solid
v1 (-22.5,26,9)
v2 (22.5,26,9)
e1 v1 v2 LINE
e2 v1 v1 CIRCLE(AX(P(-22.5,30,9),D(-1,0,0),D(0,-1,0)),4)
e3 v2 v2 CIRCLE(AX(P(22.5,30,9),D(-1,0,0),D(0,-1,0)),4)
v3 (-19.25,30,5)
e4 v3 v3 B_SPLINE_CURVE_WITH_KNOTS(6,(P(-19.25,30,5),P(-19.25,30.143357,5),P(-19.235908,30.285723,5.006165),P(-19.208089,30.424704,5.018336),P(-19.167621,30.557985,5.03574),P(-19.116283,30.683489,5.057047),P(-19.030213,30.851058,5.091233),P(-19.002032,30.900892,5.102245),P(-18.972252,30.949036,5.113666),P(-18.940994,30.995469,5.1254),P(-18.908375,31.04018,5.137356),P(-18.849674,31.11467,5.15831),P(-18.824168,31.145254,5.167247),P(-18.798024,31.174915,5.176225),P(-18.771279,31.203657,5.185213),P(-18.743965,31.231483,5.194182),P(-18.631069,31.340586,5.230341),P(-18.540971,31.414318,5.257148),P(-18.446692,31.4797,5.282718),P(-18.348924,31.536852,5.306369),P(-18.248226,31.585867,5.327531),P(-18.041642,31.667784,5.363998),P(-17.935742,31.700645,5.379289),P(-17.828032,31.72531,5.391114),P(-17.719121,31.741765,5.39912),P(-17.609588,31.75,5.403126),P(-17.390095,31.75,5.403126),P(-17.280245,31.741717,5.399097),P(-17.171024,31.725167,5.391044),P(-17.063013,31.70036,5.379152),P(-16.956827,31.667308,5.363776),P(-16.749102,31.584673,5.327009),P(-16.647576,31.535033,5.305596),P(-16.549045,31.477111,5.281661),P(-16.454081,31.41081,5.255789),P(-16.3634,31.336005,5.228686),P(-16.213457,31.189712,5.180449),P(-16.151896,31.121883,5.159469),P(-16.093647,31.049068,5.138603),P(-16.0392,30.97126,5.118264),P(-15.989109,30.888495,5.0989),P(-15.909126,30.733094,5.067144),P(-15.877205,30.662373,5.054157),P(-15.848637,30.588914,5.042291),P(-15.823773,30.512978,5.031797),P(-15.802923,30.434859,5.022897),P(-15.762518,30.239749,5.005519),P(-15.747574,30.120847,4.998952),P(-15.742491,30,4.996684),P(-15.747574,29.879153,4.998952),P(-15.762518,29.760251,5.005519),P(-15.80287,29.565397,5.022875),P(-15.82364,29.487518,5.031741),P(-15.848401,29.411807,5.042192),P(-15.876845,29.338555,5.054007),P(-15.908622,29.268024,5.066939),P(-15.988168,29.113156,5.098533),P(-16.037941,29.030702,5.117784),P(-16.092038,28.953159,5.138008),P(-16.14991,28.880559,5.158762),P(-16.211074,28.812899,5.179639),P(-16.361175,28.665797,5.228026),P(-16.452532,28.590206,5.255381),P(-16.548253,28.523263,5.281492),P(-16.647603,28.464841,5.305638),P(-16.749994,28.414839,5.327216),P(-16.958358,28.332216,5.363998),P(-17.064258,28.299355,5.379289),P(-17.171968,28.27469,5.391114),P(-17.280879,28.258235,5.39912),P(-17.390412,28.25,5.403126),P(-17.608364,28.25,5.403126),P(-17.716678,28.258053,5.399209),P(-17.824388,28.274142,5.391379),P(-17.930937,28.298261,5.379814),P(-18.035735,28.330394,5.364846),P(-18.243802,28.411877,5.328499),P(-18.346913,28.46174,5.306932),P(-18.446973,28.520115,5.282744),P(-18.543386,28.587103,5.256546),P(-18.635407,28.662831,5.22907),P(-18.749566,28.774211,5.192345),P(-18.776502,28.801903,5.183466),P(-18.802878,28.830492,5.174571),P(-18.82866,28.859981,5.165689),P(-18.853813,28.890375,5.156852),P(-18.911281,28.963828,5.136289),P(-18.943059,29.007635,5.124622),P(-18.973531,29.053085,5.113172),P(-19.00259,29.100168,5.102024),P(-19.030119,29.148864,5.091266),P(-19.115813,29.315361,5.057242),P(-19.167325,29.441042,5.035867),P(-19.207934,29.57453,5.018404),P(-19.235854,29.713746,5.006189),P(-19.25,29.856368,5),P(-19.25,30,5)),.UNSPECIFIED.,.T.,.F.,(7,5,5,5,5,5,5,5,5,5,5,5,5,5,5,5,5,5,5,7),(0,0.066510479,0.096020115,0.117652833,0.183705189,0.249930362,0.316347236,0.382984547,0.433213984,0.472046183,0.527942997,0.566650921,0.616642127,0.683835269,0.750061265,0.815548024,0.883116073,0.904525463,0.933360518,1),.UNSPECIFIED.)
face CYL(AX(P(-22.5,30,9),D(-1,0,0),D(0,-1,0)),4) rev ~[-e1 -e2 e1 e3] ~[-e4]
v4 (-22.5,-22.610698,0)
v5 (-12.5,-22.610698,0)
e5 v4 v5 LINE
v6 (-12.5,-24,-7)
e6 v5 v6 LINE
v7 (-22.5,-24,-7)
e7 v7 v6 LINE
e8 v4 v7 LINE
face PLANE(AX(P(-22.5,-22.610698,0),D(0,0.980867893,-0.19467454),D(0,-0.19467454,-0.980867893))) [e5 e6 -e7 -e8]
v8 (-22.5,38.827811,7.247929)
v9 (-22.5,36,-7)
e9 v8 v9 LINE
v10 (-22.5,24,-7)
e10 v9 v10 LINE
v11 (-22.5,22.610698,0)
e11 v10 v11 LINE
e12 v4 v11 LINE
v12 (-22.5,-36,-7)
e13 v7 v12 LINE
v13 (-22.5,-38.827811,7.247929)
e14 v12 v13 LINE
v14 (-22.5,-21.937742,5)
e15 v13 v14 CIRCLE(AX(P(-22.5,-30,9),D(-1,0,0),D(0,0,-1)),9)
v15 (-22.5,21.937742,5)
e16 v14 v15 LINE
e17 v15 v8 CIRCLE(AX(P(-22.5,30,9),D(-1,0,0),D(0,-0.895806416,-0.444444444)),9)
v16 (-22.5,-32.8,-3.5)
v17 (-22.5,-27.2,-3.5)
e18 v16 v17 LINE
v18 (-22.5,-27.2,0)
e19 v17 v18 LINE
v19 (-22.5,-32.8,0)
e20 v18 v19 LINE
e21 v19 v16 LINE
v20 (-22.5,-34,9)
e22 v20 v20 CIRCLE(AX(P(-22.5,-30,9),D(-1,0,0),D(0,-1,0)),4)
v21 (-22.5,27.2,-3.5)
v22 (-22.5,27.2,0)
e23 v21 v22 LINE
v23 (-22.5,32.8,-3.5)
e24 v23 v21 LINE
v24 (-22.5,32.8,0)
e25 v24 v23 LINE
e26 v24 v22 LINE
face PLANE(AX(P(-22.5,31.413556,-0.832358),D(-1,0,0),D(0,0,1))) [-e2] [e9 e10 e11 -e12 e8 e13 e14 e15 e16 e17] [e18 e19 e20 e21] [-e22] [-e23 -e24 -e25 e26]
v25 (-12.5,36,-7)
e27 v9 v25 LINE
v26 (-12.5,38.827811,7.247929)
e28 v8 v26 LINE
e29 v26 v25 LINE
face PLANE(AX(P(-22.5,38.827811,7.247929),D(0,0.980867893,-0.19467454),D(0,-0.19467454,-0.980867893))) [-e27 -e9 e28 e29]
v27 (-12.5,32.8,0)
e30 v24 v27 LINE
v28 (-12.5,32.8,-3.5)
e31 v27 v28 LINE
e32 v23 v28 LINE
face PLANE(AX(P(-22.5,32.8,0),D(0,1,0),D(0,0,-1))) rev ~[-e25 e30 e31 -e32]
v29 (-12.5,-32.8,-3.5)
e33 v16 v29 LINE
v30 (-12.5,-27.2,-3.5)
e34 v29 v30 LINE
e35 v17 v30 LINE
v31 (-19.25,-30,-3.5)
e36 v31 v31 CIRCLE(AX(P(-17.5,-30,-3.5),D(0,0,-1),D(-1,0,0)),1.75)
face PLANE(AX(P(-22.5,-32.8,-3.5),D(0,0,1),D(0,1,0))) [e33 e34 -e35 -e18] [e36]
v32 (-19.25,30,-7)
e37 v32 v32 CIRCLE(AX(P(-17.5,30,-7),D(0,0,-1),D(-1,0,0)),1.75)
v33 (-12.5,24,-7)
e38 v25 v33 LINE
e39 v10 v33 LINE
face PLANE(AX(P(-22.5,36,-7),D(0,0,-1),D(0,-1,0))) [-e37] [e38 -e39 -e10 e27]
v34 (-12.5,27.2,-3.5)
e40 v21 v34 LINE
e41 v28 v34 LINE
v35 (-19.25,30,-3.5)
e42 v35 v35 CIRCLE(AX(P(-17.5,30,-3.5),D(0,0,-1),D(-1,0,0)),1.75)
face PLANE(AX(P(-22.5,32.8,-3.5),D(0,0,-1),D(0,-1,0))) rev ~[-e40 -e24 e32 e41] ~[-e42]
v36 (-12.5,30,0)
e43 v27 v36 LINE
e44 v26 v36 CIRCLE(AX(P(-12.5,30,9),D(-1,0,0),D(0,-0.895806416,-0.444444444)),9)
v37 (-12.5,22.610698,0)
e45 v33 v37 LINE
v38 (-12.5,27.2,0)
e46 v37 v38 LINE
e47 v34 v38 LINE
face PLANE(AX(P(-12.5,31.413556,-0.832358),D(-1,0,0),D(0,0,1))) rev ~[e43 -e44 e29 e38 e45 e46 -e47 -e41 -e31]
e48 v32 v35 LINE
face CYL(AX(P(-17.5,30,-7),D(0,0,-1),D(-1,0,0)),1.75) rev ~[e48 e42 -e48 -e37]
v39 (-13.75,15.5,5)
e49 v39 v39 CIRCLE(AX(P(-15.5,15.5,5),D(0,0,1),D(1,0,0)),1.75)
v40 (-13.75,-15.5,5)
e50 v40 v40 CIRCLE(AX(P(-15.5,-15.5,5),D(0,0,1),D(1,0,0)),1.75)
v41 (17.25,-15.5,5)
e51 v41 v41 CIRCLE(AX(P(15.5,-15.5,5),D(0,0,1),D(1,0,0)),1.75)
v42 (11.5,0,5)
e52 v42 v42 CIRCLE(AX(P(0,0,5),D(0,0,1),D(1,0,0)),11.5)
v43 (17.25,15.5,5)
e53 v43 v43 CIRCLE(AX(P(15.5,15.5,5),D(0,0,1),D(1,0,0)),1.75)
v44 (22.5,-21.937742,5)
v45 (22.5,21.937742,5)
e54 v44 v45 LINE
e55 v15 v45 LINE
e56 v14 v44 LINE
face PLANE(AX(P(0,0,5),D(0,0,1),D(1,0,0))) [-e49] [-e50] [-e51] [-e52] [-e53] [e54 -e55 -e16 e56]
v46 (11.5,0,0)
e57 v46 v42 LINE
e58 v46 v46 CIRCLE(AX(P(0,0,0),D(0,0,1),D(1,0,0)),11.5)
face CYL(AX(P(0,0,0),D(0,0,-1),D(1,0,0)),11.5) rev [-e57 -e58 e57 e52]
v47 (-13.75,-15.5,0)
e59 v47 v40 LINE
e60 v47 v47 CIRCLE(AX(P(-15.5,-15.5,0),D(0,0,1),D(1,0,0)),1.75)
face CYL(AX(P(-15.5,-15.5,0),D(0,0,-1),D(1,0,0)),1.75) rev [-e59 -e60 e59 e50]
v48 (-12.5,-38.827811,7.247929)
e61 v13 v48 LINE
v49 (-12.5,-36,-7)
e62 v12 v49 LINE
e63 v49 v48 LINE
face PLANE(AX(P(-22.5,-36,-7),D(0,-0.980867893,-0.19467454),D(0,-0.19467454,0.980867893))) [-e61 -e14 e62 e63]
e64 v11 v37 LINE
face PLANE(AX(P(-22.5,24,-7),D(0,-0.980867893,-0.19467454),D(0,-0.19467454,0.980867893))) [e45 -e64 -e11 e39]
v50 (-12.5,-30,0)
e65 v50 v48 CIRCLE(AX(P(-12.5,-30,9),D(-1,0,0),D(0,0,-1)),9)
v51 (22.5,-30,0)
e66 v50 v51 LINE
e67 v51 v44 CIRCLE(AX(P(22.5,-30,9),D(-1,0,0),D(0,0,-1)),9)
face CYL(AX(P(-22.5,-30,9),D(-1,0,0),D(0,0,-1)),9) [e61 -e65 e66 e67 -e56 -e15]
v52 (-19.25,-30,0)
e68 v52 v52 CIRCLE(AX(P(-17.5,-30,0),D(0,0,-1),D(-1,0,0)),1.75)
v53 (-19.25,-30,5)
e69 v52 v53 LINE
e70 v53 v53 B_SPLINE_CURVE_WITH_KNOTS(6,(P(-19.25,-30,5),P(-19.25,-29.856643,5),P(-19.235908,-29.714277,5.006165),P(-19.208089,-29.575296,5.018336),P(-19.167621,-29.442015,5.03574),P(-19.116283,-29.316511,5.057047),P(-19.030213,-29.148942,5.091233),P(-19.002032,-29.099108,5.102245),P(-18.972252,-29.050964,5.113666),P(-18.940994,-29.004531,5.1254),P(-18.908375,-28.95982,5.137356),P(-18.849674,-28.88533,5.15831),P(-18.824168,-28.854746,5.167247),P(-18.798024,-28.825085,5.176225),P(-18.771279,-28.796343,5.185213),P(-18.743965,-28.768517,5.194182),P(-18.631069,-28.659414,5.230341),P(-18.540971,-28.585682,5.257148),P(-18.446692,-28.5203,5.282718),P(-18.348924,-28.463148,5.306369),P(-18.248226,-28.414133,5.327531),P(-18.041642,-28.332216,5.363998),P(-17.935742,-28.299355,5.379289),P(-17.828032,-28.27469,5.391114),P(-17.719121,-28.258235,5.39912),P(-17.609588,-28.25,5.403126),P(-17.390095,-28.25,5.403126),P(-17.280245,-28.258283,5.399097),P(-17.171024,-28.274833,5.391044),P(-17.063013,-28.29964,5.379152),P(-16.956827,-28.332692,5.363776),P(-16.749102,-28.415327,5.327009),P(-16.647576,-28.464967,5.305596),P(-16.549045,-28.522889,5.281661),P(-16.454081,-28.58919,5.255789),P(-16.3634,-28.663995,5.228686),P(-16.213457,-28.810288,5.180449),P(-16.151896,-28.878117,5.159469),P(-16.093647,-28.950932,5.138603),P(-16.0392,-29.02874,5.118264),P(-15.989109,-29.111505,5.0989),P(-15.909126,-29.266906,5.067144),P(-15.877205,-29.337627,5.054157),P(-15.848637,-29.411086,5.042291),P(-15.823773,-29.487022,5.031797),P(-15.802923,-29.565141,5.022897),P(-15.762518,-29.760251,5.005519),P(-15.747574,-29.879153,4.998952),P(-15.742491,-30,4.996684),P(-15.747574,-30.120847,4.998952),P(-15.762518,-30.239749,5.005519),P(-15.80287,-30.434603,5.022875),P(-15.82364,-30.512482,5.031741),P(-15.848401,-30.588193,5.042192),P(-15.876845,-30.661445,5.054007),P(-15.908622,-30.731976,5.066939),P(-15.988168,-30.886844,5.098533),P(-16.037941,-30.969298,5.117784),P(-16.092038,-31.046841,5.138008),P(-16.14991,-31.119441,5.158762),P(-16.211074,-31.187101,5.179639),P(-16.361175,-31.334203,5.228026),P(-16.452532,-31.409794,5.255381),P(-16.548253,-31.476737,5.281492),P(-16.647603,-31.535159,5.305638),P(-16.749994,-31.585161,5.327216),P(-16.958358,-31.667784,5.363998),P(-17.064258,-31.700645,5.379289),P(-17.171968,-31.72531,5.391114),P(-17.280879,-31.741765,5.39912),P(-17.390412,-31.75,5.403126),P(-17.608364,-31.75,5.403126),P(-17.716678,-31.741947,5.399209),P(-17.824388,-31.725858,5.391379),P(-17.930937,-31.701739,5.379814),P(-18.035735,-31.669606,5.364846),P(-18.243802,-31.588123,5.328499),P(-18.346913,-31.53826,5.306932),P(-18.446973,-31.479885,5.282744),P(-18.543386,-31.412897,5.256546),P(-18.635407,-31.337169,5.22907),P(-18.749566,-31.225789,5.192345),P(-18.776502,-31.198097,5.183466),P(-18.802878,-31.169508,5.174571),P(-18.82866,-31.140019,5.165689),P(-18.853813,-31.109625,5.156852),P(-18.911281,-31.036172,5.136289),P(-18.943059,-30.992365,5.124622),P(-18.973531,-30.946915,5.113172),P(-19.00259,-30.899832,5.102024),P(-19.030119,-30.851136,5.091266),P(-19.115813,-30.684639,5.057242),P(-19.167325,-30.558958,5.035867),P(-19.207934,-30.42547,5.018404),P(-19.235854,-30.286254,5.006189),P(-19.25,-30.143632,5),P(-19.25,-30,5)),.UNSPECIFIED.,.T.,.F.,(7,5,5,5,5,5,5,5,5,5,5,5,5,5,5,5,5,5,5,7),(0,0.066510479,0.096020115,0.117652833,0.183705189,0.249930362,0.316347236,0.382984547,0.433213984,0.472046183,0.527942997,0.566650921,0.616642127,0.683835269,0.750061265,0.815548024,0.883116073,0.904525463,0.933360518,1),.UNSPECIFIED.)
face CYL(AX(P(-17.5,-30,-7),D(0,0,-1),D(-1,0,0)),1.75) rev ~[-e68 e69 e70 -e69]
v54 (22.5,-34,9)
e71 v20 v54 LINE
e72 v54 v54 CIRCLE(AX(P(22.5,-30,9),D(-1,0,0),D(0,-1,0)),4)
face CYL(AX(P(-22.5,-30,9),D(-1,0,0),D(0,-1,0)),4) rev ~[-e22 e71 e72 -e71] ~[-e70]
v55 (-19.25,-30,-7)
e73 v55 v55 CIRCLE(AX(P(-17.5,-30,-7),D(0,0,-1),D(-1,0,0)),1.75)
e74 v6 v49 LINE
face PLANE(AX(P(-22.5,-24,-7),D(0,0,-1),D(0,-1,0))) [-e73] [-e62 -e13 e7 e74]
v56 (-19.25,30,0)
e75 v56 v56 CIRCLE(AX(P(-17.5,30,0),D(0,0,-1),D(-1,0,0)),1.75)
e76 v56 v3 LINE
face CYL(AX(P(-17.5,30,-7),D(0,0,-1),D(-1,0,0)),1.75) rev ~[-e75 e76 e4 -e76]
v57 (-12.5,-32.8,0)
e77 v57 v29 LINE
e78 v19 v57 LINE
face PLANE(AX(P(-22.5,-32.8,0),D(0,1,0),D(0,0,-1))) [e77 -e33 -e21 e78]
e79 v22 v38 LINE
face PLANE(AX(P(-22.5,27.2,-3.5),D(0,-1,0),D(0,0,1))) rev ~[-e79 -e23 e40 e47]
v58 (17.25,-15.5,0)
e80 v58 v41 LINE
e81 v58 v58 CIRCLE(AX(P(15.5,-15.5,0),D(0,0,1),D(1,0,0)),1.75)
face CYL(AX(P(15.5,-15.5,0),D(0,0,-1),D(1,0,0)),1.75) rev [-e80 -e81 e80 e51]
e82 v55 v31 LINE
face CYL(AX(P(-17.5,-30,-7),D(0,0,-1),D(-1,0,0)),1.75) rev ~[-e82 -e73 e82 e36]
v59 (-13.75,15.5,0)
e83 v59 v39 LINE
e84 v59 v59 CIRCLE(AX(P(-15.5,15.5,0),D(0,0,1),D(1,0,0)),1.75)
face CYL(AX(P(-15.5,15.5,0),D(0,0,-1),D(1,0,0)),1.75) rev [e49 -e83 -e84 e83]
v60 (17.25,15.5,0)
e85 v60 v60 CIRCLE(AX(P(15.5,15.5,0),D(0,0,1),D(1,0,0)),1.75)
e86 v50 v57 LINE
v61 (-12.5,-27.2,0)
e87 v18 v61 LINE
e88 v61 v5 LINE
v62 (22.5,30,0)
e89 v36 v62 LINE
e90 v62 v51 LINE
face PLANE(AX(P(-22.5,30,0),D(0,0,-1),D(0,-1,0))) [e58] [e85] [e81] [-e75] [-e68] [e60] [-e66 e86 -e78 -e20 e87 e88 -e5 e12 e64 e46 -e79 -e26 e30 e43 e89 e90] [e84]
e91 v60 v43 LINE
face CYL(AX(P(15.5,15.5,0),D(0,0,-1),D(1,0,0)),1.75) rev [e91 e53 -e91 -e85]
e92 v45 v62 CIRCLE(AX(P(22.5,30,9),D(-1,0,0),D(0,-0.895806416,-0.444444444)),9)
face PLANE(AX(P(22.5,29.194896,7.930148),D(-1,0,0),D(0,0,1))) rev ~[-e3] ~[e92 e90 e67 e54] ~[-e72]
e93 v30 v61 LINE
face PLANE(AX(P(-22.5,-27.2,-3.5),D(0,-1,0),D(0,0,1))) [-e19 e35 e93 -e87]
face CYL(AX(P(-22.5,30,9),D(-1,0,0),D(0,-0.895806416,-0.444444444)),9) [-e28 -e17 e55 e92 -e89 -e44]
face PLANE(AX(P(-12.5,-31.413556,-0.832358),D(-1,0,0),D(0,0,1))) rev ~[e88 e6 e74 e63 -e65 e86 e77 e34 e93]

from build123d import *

# Parameters (mm, degrees)
ESBO_O1_W                = 45
ESBO_O1_H                = 45
ESBO_O1_R                = 1.75
ESBO_O1_R_2              = 11.5
RESSALTO_EXTRUS_O1_DEPTH = 5
ESBO_O3_R                = 4
RESSALTO_EXTRUS_O2_DEPTH = 45
RESSALTO_EXTRUS_O3_DEPTH = 10
ESBO_O5_R                = 1.75
CORTE_EXTRUS_O2_DEPTH    = 15


with BuildPart() as part:
    # Esboço1 → Ressalto-extrusão1 (new body)
    with BuildSketch(Plane.XY):
        Rectangle(ESBO_O1_W, ESBO_O1_H)
        with Locations((-15.5, 15.5)):
            Circle(ESBO_O1_R, mode=Mode.SUBTRACT)
        with Locations((15.5, 15.5)):
            Circle(ESBO_O1_R, mode=Mode.SUBTRACT)
        with Locations((15.5, -15.5)):
            Circle(ESBO_O1_R, mode=Mode.SUBTRACT)
        with Locations((-15.5, -15.5)):
            Circle(ESBO_O1_R, mode=Mode.SUBTRACT)
        Circle(ESBO_O1_R_2, mode=Mode.SUBTRACT)
    extrude(amount=RESSALTO_EXTRUS_O1_DEPTH)

    # Esboço3 → Ressalto-extrusão2 (add)
    # profile 1 of 2: a face of its own
    with BuildSketch(Plane.ZY.offset(22.5)):
        with BuildLine():
            Line((0, 30), (0, 21.937742252))
            Line((0, 21.937742252), (5, 21.937742252))
            ThreePointArc((5, 21.937742252), (16.64852927, 34.74341649), (0, 30))
        make_face()
        with Locations(Location((9, 30, 0), (0, 0, 270))):
            Circle(ESBO_O3_R, mode=Mode.SUBTRACT)
    # profile 2 of 2: a face of its own
    with BuildSketch(Plane.ZY.offset(22.5)):
        with BuildLine():
            Line((5, -21.937742252), (0, -21.937742252))
            Line((0, -21.937742252), (0, -30))
            ThreePointArc((0, -30), (16.64852927, -34.74341649), (5, -21.937742252))
        make_face()
        with Locations(Location((9, -30, 0), (0, 0, 270))):
            Circle(ESBO_O3_R, mode=Mode.SUBTRACT)
    extrude(amount=-RESSALTO_EXTRUS_O2_DEPTH)

    # Esboço4 → Ressalto-extrusão3 (add)
    # profile 1 of 2: a face of its own
    with BuildSketch(Plane.ZY.offset(22.5)):
        Polygon((7.247929139, 38.827811037), (-7, 36), (-7, 24), (0, 22.610697943), align=None)
        Polygon((0, 30), (0, 32.8), (-3.5, 32.8), (-3.5, 27.2), (0, 27.2), align=None, mode=Mode.SUBTRACT)
    # profile 2 of 2: a face of its own
    with BuildSketch(Plane.ZY.offset(22.5)):
        Polygon((7.247929139, -38.827811037), (0, -22.610697943), (-7, -24), (-7, -36), align=None)
        Polygon((0, -27.2), (0, -30), (0, -32.8), (-3.5, -32.8), (-3.5, -27.2), align=None, mode=Mode.SUBTRACT)
    extrude(amount=-RESSALTO_EXTRUS_O3_DEPTH)

    # Esboço5 → Corte-extrusão2 (cut)
    with BuildSketch(Plane(origin=(0, 0, -7), x_dir=(-1, 0, 0), z_dir=(0, 0, -1))):
        with Locations((17.5, 30)):
            Circle(ESBO_O5_R)
        with Locations((17.5, -30)):
            Circle(ESBO_O5_R)
    extrude(amount=-CORTE_EXTRUS_O2_DEPTH, mode=Mode.SUBTRACT)


solid = part.part
